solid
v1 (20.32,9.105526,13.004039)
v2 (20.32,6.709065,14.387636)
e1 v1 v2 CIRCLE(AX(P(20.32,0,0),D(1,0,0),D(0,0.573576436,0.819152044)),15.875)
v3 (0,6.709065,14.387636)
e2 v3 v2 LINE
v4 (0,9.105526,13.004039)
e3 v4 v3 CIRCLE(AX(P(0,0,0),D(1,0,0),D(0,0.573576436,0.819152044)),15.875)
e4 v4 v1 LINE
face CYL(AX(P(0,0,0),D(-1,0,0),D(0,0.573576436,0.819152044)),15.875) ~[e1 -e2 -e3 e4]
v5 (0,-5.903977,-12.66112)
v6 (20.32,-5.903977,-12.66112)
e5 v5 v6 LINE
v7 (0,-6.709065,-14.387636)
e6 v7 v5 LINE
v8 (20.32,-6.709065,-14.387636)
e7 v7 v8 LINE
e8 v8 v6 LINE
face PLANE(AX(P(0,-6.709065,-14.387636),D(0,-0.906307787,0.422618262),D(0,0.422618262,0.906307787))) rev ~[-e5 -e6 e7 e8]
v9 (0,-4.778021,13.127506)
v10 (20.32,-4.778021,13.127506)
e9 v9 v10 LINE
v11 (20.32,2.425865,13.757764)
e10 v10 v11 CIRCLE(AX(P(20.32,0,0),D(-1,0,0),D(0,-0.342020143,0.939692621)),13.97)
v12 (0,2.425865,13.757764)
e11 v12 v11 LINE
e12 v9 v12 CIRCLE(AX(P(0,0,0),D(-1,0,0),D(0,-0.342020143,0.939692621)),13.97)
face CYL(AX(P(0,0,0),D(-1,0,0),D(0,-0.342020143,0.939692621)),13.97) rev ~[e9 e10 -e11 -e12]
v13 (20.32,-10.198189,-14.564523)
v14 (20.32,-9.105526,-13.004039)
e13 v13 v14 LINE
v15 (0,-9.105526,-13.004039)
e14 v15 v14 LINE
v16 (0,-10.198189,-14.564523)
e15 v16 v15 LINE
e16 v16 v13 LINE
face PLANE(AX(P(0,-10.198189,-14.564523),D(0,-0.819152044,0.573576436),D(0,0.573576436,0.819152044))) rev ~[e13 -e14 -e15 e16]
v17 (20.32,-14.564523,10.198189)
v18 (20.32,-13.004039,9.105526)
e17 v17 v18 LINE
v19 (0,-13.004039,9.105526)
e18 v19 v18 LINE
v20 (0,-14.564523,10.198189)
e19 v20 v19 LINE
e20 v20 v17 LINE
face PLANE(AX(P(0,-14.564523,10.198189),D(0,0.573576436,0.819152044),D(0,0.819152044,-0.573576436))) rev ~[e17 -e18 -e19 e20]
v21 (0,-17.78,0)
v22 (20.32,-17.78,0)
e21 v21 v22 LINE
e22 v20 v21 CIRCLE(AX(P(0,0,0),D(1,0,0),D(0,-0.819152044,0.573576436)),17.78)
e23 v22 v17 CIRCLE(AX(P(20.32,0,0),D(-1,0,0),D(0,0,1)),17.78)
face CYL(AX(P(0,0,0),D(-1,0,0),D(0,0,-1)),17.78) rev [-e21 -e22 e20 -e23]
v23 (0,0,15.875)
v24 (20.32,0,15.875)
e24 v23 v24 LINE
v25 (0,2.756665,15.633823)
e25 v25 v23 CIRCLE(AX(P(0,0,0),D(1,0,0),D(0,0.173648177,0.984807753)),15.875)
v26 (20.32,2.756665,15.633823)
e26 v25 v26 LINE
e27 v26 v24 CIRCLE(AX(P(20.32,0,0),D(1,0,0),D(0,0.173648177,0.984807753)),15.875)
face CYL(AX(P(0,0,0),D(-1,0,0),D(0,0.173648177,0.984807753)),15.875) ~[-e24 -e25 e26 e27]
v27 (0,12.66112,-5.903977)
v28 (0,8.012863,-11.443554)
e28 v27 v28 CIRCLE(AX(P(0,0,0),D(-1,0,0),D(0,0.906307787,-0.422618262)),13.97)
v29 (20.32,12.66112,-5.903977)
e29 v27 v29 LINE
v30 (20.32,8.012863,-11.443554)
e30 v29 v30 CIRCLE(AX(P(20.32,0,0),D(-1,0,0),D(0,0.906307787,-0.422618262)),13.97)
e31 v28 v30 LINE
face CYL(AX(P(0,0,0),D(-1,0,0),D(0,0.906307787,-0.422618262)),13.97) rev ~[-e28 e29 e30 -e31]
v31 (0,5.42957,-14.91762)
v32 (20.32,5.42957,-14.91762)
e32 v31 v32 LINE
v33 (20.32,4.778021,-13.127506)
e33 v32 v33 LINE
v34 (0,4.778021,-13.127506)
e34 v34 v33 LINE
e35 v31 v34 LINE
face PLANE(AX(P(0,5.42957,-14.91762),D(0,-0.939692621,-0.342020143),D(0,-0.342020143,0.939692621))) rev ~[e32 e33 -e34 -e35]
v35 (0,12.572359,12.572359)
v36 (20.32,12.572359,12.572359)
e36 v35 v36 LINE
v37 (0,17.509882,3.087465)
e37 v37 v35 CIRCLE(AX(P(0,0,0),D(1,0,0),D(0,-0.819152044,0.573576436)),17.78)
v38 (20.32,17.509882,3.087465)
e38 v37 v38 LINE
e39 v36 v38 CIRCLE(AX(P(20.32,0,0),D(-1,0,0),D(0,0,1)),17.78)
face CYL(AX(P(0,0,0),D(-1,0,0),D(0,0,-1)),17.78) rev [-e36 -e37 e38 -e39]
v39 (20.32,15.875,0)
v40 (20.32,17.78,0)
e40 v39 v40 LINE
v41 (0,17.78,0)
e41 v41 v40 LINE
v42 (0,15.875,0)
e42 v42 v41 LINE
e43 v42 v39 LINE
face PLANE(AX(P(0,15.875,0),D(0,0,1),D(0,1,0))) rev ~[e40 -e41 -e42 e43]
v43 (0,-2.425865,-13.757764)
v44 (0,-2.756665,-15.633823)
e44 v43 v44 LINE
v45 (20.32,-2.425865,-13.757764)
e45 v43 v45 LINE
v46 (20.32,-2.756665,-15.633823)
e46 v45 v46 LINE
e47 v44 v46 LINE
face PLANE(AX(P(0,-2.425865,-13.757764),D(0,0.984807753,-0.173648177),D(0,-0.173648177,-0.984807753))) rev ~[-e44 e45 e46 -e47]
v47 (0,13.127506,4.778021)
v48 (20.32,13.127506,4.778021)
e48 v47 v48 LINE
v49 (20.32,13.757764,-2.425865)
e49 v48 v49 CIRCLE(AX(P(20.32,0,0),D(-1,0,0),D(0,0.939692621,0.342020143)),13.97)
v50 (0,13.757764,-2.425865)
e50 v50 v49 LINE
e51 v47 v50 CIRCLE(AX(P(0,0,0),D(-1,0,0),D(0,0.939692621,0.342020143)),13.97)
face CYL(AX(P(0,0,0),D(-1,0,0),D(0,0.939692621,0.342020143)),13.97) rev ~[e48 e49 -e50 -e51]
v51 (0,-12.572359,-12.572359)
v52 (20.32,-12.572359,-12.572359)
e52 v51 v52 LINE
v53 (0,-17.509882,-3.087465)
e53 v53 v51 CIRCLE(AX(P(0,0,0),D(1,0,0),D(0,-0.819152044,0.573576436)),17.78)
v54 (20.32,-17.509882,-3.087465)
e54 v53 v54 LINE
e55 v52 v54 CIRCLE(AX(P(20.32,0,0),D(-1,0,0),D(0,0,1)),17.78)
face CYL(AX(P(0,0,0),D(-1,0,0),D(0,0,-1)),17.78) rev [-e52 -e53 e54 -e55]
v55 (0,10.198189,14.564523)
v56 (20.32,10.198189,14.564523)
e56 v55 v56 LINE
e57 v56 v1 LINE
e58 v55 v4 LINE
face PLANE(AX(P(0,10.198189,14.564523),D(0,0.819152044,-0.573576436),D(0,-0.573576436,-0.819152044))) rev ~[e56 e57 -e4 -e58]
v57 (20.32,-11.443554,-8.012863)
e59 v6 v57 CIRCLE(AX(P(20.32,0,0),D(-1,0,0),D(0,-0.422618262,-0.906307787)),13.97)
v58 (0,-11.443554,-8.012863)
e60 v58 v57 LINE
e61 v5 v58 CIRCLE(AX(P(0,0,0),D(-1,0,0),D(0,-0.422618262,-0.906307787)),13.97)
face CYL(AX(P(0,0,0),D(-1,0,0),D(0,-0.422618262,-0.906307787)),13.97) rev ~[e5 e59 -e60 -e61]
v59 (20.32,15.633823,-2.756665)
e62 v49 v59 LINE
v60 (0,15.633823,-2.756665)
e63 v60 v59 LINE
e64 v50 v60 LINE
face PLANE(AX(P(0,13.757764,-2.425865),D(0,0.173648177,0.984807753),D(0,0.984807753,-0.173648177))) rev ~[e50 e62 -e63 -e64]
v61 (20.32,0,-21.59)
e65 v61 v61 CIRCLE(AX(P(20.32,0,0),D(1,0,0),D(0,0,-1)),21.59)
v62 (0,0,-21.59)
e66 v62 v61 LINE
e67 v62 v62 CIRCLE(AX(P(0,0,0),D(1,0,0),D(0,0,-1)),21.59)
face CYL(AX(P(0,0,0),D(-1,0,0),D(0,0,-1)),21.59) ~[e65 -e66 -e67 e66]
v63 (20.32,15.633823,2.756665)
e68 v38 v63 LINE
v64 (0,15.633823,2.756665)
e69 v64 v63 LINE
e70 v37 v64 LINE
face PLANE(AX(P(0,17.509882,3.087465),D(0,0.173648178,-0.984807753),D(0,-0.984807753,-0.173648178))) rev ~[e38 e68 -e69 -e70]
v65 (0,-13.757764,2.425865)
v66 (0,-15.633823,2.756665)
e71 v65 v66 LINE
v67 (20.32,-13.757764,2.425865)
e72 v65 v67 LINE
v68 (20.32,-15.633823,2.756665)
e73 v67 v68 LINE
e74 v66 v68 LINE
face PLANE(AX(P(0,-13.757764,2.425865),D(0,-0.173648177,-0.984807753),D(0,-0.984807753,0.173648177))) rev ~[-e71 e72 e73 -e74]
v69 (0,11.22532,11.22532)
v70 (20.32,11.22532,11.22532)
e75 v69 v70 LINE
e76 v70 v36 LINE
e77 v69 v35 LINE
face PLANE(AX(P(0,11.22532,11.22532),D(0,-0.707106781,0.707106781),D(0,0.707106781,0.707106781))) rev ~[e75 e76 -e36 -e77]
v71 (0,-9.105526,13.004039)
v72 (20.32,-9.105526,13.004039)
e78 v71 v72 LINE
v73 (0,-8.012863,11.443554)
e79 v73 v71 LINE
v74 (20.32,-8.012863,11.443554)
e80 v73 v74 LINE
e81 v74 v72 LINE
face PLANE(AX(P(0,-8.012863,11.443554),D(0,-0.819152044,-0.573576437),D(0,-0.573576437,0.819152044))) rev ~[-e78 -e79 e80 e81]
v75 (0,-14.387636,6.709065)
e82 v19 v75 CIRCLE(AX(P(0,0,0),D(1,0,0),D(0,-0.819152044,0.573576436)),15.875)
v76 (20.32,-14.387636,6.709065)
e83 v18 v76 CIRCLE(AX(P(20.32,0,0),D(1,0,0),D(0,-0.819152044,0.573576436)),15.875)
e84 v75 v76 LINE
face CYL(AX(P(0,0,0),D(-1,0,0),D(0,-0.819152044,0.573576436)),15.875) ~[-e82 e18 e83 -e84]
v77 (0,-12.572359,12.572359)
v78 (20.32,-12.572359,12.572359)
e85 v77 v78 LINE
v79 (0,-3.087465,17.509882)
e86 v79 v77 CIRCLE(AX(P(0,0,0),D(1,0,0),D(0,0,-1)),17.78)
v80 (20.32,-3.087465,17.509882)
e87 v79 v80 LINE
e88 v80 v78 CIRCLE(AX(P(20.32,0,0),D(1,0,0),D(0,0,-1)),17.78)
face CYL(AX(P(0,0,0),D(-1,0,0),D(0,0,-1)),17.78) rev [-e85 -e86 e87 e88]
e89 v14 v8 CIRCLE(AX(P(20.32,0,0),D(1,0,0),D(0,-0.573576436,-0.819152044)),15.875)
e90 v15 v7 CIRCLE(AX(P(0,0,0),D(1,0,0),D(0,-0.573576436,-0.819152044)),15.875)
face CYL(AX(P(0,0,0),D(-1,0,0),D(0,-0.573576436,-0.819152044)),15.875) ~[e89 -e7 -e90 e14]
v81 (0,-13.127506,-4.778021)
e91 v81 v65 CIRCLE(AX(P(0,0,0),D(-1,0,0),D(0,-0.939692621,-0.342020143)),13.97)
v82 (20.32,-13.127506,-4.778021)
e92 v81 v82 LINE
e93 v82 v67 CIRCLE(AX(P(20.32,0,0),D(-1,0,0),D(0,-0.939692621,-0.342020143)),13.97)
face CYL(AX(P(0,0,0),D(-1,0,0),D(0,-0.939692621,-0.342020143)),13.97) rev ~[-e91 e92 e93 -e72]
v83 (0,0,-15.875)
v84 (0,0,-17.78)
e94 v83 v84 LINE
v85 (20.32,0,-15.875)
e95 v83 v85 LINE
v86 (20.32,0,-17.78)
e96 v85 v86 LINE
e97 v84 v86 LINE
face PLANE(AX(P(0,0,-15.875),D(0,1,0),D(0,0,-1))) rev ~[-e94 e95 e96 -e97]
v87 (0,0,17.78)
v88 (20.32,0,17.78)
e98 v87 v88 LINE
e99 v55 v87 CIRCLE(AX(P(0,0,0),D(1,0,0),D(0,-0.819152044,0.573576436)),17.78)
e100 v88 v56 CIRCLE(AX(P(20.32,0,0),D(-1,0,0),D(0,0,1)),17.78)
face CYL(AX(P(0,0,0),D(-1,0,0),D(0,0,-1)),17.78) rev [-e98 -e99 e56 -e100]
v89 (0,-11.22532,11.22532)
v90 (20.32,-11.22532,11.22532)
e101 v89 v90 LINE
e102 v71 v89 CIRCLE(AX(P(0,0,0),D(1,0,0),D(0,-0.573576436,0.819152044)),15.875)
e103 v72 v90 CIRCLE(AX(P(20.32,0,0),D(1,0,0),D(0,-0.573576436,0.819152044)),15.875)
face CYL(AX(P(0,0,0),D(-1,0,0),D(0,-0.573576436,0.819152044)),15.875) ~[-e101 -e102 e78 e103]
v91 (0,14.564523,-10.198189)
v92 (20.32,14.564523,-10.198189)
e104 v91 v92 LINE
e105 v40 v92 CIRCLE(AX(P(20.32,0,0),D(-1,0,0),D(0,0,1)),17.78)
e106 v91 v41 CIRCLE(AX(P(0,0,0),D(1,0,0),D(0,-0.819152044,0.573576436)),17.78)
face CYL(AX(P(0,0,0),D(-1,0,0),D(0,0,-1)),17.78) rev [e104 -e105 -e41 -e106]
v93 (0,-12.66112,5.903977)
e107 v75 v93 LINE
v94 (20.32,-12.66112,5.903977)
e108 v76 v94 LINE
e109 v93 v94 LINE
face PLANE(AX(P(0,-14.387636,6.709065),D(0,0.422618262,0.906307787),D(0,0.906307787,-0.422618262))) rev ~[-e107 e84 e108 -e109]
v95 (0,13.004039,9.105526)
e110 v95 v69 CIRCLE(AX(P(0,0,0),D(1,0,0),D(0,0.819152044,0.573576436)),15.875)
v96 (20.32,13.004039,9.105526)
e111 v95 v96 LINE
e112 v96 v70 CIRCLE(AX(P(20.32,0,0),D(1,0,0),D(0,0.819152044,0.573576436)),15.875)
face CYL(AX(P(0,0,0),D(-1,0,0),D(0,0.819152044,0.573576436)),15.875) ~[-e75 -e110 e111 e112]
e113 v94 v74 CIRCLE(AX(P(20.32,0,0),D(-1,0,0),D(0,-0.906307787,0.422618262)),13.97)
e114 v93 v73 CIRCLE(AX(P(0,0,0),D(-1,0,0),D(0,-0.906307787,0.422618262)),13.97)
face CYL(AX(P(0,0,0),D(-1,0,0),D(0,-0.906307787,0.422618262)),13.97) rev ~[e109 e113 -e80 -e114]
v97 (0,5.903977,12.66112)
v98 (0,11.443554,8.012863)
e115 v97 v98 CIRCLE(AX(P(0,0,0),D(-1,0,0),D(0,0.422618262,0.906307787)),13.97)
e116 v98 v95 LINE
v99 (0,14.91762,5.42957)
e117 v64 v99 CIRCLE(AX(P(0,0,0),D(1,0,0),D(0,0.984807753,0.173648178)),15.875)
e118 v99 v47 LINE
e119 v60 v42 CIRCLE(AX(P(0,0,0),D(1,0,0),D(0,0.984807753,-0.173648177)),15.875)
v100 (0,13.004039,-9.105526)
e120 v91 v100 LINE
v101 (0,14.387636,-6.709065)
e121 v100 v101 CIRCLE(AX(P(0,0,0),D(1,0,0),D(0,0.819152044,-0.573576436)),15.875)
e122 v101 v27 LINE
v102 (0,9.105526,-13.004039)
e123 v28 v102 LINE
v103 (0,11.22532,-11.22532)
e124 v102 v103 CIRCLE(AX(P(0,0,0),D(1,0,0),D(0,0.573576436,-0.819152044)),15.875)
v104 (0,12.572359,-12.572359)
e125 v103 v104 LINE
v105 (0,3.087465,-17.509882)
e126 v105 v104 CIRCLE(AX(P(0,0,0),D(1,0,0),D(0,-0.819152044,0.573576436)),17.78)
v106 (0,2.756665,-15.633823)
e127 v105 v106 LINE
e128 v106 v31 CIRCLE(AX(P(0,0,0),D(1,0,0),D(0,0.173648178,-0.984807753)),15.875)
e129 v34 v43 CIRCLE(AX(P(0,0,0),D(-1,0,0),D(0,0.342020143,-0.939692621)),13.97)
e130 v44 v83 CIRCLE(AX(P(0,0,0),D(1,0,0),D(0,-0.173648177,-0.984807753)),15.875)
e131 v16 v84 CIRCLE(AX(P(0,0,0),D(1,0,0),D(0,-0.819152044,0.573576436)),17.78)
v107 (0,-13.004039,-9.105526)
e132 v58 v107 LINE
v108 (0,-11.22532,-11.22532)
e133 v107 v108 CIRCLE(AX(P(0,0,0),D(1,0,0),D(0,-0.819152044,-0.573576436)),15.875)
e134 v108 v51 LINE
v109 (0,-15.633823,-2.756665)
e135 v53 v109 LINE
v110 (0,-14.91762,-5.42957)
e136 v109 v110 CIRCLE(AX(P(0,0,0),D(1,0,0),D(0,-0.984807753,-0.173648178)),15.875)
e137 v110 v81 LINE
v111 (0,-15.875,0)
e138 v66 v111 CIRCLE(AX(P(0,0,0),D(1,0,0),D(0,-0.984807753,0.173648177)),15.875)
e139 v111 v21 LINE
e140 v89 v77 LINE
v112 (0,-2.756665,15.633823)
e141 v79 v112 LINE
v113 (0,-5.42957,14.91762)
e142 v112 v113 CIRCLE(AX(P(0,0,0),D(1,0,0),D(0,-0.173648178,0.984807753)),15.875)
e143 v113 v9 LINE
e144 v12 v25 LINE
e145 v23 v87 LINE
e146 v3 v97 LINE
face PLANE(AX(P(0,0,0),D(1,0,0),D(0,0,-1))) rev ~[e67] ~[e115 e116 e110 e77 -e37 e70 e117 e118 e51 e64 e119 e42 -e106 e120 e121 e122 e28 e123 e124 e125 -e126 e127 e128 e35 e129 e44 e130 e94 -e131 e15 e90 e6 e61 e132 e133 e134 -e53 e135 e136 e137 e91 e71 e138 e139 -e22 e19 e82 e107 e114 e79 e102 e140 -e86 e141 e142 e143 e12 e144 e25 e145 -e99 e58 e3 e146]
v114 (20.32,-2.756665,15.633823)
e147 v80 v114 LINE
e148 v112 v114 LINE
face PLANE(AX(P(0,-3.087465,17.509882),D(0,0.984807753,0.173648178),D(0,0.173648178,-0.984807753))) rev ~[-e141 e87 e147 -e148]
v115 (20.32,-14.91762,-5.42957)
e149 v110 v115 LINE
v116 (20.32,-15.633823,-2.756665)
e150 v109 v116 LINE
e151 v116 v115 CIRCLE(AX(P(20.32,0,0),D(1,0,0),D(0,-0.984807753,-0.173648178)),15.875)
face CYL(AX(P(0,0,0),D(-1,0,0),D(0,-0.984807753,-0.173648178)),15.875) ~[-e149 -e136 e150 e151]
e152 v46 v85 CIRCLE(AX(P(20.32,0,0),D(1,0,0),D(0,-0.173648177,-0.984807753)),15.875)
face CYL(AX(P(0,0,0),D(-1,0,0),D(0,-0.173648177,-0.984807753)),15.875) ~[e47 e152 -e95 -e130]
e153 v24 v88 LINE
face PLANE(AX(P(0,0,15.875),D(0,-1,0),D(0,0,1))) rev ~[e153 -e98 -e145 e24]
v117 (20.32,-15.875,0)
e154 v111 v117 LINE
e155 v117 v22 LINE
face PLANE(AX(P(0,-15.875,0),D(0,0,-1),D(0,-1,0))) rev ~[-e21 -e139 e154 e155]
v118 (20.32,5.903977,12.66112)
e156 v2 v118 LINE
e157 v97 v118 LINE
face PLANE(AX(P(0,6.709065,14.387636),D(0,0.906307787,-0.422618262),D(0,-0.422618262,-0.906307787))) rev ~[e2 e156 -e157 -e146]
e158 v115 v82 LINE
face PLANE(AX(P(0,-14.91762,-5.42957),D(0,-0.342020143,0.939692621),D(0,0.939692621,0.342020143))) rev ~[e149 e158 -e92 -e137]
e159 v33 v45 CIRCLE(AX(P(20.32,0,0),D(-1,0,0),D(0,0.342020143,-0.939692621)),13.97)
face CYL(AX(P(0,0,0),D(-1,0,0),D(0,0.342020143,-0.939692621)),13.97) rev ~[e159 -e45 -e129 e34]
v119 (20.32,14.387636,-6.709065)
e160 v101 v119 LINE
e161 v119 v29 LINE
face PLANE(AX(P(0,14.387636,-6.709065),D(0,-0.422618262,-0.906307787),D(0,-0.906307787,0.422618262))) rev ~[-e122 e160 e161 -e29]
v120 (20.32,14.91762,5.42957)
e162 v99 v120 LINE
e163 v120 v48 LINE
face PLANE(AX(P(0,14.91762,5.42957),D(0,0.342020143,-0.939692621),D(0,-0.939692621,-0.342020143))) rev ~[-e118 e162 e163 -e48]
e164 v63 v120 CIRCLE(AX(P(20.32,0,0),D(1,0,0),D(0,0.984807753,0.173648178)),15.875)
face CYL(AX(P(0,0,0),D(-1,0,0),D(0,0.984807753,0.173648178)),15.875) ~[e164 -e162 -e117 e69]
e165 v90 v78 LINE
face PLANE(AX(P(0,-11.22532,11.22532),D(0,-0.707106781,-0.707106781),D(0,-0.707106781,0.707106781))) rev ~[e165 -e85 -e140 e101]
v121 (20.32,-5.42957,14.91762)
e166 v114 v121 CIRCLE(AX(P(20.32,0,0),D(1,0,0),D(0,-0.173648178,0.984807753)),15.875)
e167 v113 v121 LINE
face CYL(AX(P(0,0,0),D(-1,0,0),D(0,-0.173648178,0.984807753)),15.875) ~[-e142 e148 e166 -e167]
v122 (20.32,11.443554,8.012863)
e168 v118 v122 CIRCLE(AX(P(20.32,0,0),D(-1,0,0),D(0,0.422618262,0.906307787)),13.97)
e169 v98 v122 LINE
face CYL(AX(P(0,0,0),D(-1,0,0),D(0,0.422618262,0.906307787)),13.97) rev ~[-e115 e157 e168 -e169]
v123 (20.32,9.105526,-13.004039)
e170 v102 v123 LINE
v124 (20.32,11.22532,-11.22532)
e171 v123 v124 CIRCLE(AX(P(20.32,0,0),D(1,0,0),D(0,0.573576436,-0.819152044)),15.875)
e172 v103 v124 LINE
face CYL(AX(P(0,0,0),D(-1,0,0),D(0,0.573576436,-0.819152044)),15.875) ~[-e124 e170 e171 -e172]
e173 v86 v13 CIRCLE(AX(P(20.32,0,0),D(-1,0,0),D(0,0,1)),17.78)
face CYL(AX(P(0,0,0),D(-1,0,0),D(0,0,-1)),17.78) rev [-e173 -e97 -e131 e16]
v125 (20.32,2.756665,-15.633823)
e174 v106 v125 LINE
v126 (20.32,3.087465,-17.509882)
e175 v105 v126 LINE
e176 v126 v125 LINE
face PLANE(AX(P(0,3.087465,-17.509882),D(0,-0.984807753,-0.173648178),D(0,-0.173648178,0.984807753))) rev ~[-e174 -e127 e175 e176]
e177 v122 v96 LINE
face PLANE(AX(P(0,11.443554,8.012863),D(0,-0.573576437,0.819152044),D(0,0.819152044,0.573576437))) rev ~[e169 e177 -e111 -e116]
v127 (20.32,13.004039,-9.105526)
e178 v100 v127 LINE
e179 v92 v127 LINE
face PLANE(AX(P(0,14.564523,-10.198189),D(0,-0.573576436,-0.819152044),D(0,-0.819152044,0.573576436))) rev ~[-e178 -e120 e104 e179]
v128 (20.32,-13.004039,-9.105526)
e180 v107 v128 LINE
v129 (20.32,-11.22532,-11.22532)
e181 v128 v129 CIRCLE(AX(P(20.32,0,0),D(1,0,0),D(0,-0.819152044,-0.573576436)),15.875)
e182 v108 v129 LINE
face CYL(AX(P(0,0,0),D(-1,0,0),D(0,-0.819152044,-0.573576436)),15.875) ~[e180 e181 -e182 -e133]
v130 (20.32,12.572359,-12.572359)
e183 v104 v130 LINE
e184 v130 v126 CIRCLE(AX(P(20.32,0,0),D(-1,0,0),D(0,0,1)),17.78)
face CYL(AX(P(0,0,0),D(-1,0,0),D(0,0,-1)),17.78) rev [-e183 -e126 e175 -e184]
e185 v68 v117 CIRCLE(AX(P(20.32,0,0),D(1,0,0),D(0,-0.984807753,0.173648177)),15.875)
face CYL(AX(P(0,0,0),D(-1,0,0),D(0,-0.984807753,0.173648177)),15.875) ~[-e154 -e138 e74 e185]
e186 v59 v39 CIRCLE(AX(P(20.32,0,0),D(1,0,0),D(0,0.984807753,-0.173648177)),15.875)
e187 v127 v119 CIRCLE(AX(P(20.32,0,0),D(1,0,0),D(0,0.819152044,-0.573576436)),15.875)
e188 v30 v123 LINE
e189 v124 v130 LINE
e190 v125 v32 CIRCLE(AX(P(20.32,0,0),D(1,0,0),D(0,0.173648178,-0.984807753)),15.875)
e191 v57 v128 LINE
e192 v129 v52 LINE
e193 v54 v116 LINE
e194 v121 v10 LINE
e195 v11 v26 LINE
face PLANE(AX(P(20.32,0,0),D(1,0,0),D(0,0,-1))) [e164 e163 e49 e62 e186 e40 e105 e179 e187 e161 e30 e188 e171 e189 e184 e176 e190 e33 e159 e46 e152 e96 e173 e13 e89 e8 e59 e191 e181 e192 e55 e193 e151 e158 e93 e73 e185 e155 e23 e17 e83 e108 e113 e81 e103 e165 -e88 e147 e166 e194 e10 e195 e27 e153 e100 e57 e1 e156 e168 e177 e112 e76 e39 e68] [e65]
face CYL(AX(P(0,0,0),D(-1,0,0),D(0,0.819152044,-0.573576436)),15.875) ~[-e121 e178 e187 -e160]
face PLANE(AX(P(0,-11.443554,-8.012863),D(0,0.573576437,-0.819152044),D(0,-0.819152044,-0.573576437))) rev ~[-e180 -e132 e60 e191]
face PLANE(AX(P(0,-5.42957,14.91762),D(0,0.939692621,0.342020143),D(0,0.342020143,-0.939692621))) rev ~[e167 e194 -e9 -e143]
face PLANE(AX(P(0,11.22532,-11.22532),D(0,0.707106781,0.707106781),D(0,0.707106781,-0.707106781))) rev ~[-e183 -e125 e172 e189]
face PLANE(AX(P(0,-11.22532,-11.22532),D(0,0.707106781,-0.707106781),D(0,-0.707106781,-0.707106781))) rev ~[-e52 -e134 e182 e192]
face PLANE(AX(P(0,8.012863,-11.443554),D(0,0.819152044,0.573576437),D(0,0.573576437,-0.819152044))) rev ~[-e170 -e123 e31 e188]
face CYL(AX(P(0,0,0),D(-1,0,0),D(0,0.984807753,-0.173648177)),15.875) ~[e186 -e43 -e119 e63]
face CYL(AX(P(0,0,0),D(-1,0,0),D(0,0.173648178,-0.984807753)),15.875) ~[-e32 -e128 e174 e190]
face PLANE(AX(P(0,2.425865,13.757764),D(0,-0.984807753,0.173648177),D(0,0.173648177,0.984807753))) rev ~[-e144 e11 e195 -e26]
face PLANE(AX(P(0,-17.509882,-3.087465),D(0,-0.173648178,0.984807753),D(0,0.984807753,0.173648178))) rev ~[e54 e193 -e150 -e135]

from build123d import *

# Parameters (mm, degrees)
SKETCH1_R           = 21.59
SKETCH1_R_2         = 17.78
BOSS_EXTRUDE1_DEPTH = 20.32
BOSS_EXTRUDE2_DEPTH = 20.32
CIRPATTERN1_COUNT   = 8


with BuildPart() as part:
    # Sketch1 → Boss-Extrude1 (new body)
    with BuildSketch(Plane.YZ):
        with Locations(Location((0, 0, 0), (0, 0, 270))):
            Circle(SKETCH1_R)
        with Locations(Location((0, 0, 0), (0, 0, 270))):
            Circle(SKETCH1_R_2, mode=Mode.SUBTRACT)
    extrude(amount=BOSS_EXTRUDE1_DEPTH)

    # Sketch3 → Boss-Extrude2 (add)
    with BuildSketch(Plane.YZ):
        with BuildLine():
            Line((-3.087464599, 17.509881849), (-2.75666482, 15.633823079))
            ThreePointArc((-2.75666482, 15.633823079), (-4.108752341, 15.334072492), (-5.429569775, 14.917620355))
            Line((-5.429569775, 14.917620355), (-4.778021402, 13.127505912))
            ThreePointArc((-4.778021402, 13.127505912), (-1.217565726, 13.916839932), (2.425865042, 13.75776431))
            Line((2.425865042, 13.75776431), (2.75666482, 15.633823079))
            ThreePointArc((2.75666482, 15.633823079), (1.383597416, 15.814590832), (0, 15.875))
            Line((0, 15.875), (0, 17.78))
            ThreePointArc((0, 17.78), (-1.549629106, 17.712341732), (-3.087464599, 17.509881849))
        make_face()
    boss_extrude2 = extrude(amount=BOSS_EXTRUDE2_DEPTH)

    # CirPattern1: Boss-Extrude2 ×8 about axis
    cirpattern1_axis = Axis((0, 0, 0), (1, 0, 0))
    for i in range(1, CIRPATTERN1_COUNT):
        add(boss_extrude2.rotate(cirpattern1_axis, i * 360 / CIRPATTERN1_COUNT))


solid = part.part
